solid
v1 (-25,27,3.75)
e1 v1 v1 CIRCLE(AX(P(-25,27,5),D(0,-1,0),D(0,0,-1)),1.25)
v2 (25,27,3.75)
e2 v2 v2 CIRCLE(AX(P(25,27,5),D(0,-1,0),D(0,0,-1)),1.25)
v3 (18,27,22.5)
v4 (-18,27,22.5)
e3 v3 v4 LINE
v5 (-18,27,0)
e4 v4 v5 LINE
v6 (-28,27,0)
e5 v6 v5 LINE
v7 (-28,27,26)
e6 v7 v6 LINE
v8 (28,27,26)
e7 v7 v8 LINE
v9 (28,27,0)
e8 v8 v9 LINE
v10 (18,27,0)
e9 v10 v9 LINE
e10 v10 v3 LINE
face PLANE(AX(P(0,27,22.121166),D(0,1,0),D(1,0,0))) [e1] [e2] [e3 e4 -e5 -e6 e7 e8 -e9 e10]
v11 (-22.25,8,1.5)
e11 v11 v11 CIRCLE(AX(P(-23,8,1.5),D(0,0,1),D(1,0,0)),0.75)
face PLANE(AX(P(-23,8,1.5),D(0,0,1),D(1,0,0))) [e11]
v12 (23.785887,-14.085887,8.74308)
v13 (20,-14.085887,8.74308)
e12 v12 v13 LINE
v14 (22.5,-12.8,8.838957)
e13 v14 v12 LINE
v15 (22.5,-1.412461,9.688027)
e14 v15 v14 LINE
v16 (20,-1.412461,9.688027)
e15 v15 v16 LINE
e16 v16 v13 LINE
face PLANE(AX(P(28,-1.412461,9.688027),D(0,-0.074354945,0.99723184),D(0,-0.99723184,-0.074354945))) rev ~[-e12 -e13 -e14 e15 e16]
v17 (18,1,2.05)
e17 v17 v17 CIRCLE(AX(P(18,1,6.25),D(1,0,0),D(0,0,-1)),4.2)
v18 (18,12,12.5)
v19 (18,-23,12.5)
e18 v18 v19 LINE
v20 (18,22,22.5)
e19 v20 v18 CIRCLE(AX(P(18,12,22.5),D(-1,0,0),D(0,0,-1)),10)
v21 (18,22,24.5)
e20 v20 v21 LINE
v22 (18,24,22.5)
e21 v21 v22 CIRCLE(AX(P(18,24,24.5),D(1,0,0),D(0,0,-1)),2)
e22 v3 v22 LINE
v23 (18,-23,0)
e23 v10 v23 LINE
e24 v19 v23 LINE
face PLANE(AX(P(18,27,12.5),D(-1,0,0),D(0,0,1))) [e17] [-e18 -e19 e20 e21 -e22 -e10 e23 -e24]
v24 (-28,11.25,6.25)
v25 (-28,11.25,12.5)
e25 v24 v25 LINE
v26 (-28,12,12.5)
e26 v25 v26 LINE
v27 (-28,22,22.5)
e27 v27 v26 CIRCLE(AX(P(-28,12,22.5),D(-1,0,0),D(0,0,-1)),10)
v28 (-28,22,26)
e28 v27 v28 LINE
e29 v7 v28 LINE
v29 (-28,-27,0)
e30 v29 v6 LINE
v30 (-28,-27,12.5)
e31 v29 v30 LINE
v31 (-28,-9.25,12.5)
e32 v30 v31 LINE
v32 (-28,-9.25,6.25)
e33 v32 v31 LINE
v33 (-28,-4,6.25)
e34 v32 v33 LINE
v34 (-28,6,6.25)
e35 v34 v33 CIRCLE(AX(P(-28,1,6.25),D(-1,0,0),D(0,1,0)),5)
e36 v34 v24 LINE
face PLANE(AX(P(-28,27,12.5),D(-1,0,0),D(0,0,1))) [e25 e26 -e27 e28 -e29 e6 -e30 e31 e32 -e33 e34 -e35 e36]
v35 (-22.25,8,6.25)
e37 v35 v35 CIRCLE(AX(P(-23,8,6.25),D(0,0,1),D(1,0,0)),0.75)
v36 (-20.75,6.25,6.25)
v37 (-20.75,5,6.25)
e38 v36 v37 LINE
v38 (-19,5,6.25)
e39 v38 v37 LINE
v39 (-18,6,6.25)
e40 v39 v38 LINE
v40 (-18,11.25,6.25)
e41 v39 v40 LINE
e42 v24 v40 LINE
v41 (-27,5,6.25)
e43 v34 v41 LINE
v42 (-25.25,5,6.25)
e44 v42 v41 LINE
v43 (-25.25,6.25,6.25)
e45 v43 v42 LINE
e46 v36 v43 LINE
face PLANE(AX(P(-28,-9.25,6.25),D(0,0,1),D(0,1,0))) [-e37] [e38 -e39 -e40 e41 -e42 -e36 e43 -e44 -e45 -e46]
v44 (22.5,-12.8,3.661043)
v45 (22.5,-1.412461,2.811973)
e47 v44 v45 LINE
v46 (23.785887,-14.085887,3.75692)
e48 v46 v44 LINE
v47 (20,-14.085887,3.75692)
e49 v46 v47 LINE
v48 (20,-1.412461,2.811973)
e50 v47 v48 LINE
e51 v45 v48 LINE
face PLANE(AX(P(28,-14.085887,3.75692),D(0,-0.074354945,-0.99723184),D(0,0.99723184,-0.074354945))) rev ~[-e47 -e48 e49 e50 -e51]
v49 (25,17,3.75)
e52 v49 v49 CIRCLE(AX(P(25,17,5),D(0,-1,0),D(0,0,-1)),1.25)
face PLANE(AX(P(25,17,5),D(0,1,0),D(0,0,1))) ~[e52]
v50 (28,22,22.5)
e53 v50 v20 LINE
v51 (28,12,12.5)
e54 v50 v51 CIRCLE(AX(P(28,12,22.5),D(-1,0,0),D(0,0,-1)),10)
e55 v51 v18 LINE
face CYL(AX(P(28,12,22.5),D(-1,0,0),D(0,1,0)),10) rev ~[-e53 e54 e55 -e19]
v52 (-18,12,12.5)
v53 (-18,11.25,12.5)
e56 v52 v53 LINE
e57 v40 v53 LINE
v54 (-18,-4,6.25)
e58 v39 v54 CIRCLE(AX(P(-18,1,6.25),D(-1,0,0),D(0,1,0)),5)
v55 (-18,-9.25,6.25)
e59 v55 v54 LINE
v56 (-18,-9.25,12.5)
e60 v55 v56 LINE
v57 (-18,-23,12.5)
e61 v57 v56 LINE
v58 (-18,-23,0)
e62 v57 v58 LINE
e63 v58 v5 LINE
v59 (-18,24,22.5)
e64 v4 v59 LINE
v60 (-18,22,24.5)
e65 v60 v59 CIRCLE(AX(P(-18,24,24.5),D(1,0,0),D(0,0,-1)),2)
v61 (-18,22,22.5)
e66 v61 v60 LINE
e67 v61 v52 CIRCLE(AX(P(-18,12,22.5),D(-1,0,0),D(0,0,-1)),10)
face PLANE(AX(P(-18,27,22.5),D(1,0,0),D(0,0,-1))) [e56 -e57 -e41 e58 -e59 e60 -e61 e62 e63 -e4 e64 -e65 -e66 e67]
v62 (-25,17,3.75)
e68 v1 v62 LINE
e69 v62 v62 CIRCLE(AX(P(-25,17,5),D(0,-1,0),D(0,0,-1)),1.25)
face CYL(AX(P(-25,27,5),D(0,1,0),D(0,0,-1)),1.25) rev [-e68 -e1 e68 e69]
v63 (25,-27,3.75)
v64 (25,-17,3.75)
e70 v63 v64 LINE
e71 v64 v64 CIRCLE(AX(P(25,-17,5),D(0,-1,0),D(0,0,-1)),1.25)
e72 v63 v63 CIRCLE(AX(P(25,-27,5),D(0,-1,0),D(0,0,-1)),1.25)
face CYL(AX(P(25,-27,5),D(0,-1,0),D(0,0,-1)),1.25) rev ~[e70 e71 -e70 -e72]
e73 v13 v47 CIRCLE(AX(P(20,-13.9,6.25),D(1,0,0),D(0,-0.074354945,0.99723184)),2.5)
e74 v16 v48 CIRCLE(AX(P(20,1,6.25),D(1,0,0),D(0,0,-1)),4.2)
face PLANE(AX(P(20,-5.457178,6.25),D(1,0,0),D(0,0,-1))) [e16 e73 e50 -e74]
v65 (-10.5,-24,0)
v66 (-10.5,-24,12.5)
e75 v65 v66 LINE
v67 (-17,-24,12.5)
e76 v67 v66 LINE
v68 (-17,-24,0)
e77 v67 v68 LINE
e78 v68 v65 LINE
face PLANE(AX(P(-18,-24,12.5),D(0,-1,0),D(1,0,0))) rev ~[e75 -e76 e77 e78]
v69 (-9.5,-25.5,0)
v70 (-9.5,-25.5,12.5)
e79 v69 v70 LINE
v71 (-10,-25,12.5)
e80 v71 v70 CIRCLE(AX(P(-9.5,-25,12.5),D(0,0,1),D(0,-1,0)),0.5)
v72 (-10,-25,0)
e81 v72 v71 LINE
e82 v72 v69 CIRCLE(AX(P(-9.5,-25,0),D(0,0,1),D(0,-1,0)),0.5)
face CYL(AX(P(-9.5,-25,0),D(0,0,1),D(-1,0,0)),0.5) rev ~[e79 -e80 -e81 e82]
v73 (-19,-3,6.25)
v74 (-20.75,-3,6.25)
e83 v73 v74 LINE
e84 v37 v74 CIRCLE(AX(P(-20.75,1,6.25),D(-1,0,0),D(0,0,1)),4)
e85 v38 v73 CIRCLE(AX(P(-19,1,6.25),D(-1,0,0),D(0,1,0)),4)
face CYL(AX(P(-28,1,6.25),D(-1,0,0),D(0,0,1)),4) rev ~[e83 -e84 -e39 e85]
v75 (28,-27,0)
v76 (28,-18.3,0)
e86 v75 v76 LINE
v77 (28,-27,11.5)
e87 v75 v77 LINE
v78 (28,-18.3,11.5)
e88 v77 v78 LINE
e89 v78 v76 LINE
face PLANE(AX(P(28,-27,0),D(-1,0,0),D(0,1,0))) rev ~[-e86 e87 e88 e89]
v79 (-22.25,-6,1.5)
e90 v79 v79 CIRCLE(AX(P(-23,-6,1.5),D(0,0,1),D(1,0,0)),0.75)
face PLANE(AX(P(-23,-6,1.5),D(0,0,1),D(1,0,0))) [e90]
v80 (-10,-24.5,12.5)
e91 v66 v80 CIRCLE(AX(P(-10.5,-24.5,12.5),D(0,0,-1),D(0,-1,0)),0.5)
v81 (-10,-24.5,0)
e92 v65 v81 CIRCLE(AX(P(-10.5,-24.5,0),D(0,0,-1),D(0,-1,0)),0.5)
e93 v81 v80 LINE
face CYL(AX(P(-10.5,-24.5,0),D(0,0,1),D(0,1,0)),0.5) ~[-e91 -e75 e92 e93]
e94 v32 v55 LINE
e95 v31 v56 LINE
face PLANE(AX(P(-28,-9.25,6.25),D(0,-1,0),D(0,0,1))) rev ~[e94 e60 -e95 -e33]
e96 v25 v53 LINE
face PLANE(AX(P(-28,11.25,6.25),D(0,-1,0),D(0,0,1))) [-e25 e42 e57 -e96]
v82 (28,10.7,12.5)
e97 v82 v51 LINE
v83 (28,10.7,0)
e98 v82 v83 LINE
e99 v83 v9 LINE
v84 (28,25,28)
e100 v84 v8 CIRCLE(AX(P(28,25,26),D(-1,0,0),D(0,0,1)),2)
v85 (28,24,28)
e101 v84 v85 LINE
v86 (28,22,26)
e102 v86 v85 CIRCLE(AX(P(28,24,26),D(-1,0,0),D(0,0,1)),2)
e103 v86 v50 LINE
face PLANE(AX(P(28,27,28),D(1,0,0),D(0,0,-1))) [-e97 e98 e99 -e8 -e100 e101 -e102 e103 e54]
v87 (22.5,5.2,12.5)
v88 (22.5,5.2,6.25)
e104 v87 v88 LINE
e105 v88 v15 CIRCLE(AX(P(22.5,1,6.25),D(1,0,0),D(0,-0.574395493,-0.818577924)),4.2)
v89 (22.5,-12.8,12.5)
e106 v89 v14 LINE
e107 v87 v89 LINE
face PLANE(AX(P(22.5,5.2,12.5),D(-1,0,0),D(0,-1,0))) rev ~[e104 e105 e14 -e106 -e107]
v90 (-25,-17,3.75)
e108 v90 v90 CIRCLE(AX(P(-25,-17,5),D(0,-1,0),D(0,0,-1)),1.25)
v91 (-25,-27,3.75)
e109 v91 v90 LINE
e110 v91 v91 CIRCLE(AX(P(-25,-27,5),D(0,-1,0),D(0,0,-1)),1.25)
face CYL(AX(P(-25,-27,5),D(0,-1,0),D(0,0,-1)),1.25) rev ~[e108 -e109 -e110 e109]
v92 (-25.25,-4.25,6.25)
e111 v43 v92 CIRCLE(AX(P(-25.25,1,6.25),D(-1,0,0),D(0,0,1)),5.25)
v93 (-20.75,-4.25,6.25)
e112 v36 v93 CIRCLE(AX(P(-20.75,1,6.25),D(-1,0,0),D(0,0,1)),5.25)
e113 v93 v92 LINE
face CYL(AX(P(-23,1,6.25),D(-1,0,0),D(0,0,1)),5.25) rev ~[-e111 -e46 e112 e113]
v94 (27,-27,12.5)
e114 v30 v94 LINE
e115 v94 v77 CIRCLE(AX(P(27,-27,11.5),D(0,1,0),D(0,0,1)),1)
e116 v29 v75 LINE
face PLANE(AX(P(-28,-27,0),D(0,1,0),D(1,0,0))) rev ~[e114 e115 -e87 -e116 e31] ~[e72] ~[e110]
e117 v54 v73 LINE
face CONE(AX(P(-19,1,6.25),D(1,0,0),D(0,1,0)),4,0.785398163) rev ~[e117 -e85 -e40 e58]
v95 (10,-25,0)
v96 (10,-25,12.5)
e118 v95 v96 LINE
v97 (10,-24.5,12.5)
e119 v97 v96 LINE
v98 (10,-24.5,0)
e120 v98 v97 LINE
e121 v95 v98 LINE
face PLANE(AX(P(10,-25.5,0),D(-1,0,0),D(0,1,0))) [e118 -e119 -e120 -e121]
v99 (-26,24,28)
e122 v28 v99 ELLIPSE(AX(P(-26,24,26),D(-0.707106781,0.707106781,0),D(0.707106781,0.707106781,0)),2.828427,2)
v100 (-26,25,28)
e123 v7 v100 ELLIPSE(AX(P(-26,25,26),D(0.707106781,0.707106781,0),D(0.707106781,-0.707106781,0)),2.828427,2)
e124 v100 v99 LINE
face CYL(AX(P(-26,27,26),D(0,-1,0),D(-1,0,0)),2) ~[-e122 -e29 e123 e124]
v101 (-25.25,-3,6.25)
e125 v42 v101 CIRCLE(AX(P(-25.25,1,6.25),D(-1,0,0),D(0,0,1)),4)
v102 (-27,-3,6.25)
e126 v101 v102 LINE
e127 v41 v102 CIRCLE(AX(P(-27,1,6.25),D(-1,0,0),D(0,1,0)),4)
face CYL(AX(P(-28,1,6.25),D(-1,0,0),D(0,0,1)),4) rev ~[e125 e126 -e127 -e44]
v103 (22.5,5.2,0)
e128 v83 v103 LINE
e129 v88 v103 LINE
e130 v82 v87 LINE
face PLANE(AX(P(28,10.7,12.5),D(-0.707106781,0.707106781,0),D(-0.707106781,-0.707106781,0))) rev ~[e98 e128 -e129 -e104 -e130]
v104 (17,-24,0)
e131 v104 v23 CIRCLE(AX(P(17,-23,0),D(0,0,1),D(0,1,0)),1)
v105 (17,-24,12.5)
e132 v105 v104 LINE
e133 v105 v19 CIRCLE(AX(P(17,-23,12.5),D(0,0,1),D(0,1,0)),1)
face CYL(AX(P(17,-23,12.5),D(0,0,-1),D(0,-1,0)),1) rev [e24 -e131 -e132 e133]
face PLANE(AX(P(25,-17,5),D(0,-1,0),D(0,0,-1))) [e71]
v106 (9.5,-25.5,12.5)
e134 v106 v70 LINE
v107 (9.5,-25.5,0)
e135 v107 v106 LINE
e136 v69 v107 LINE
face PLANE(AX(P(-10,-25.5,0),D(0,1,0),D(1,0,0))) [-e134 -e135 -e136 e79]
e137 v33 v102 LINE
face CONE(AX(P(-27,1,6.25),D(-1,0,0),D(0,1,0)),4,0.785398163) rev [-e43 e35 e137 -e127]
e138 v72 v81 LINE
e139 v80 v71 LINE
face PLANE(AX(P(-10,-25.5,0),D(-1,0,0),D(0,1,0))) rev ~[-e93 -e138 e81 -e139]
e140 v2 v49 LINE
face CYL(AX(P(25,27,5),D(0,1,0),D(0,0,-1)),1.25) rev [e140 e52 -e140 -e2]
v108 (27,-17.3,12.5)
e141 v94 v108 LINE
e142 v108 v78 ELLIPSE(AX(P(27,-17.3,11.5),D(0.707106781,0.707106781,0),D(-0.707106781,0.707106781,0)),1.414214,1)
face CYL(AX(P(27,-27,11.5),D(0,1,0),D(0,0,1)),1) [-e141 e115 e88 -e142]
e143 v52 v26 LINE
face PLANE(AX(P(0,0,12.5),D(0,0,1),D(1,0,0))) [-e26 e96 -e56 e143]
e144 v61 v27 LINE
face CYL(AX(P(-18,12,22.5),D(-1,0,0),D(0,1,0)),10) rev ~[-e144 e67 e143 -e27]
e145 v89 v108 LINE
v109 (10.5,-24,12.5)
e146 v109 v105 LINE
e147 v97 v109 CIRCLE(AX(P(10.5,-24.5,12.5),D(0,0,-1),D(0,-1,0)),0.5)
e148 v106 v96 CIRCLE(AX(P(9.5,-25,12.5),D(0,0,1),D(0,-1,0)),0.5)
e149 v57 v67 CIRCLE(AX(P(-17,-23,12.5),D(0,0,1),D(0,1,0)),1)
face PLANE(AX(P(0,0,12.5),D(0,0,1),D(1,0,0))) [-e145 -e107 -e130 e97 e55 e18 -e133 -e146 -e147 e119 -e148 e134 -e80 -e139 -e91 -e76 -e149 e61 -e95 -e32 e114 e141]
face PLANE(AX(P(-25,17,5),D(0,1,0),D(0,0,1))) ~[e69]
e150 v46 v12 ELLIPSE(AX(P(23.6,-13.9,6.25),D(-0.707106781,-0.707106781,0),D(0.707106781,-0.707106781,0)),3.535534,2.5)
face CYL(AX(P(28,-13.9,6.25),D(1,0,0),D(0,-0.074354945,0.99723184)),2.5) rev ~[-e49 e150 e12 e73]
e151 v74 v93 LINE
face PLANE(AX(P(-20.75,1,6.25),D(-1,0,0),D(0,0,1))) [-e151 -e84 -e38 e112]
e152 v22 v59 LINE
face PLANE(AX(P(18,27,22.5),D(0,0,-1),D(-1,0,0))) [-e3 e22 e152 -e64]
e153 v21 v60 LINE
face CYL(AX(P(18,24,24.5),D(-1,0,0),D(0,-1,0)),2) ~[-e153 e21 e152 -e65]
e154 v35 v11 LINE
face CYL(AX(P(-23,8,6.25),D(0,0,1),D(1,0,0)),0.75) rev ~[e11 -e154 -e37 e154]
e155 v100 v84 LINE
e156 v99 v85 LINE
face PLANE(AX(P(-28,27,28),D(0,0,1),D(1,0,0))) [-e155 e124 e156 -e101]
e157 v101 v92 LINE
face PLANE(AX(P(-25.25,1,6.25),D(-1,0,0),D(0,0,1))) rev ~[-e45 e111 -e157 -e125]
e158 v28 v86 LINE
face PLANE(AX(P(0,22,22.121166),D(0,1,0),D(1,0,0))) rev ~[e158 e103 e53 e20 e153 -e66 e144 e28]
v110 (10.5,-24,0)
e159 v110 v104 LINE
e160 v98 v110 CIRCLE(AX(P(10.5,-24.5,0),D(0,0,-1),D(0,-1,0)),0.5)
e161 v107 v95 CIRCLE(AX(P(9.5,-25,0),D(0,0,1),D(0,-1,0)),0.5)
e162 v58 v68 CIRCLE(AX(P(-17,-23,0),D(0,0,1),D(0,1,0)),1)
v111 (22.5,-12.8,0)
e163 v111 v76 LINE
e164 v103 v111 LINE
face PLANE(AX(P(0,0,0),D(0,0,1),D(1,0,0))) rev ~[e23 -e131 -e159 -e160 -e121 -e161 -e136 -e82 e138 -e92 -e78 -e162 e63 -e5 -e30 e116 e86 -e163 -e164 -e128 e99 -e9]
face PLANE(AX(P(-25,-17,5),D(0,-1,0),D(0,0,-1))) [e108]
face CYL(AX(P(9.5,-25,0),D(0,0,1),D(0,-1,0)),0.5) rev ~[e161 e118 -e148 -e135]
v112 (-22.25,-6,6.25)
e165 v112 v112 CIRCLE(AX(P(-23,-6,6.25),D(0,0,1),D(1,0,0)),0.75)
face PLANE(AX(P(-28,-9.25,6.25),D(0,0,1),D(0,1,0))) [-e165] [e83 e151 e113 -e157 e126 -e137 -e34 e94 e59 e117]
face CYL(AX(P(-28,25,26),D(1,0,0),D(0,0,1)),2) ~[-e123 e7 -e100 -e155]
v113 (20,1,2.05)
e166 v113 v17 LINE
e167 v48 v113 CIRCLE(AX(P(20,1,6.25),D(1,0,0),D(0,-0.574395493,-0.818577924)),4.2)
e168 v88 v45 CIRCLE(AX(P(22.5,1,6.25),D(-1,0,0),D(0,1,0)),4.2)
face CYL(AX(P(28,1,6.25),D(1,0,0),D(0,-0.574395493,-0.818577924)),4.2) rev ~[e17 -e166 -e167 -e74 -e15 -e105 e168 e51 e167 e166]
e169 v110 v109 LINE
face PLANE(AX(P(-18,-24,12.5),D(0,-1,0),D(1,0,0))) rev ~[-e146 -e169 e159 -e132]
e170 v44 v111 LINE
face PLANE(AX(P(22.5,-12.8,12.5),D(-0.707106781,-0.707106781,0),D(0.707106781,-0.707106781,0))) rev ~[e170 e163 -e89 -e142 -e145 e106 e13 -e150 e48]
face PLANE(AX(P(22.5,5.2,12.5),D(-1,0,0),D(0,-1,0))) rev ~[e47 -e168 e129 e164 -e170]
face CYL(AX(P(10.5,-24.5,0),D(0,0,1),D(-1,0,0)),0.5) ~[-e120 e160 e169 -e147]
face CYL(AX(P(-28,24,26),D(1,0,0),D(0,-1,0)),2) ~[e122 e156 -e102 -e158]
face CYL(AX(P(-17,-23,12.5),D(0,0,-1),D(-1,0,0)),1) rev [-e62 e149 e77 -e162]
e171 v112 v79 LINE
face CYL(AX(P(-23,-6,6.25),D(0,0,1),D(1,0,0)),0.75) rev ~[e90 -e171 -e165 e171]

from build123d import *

# Parameters (mm, degrees)
SKETCH_1_W             = 56
SKETCH_1_H             = 54
EXTRUDE_492_DEPTH      = 12.5
SKETCH_3_W             = 36
SKETCH_3_H             = 46
CUT_EXTRUDE_735_DEPTH  = 41.856456038
SKETCH_11_R            = 1.25
CUT_EXTRUDE_988_DEPTH  = 10
CUT_EXTRUDE_1455_DEPTH = 8
CUT_EXTRUDE_1797_REACH = 65.413
SKETCH_4_R             = 4.2
SKETCH_6_R             = 4
CUT_EXTRUDE_1934_DEPTH = 10
SKETCH_7_W             = 6.25
SKETCH_7_H             = 20.5
CUT_EXTRUDE_2133_DEPTH = 10
SKETCH_8_R             = 5.25
CUT_EXTRUDE_2310_DEPTH = 2.25
SKETCH_9_R             = 0.75
CUT_EXTRUDE_2668_DEPTH = 4.75
CUT_EXTRUDE_3065_DEPTH = 41.856456038
CHAMFER_1_SIZE         = 1
FILLET_1_R             = 1
SKETCH_12_W            = 20
SKETCH_12_H            = 1.5
CUT_EXTRUDE_3477_DEPTH = 41.856456038
FILLET_2_R             = 0.5
CUT_EXTRUDE_4202_REACH = 42.856
SKETCH_13_W            = 36
SKETCH_13_H            = 5
EXTRUDE_4562_DEPTH     = 5
FILLET_3_R             = 10
FILLET_4_R             = 2
FILLET_6_R             = 1


with BuildPart() as part:
    # Эскиз1 → Extrude 492 (new body)
    with BuildSketch(Plane.XY):
        Rectangle(SKETCH_1_W, SKETCH_1_H)
    extrude(amount=EXTRUDE_492_DEPTH)

    # Эскиз3 → Cut-Extrude 735 (cut, through all)
    with BuildSketch(Plane.XY.offset(12.5)):
        with Locations((0, -1)):
            Rectangle(SKETCH_3_W, SKETCH_3_H)
    extrude(amount=-CUT_EXTRUDE_735_DEPTH, mode=Mode.SUBTRACT)

    # Эскиз11 → Cut-Extrude 988 (cut)
    with BuildSketch(Plane.XZ.offset(27)):
        with Locations(Location((-25, 5, 0), (0, 0, 270))):
            Circle(SKETCH_11_R)
        with Locations(Location((25, 5, 0), (0, 0, 270))):
            Circle(SKETCH_11_R)
    cut_extrude_988 = extrude(amount=-CUT_EXTRUDE_988_DEPTH, mode=Mode.SUBTRACT)

    # Mirror 1032: Cut-Extrude 988 across plane
    add(cut_extrude_988.mirror(Plane.ZX), mode=Mode.SUBTRACT)

    # Эскиз5 → Cut-Extrude 1455 (cut)
    with BuildSketch(Plane(origin=(28, 0, 0), x_dir=(0, 0, -1), z_dir=(1, 0, 0))):
        with BuildLine():
            Line((-9.688027281, -1.412461071), (-8.743079599, -14.085887362))
            ThreePointArc((-8.743079599, -14.085887362), (-6.25, -16.4), (-3.756920401, -14.085887362))
            Line((-3.756920401, -14.085887362), (-2.811972719, -1.412461071))
            ThreePointArc((-2.811972719, -1.412461071), (-6.25, 5.2), (-9.688027281, -1.412461071))
        make_face()
    extrude(amount=-CUT_EXTRUDE_1455_DEPTH, mode=Mode.SUBTRACT)

    # Эскиз4 → Cut-Extrude 1797 (cut, up to next)
    with BuildSketch(Plane(origin=(28, 0, 0), x_dir=(0, 0, -1), z_dir=(1, 0, 0)), mode=Mode.PRIVATE) as cut_extrude_1797_sk1:
        with Locations((-6.25, 1)):
            Circle(SKETCH_4_R)
    cut_extrude_1797_tool1 = extrude(cut_extrude_1797_sk1.sketch, amount=-CUT_EXTRUDE_1797_REACH, mode=Mode.PRIVATE) & part.part
    add(cut_extrude_1797_tool1.solids().sort_by_distance((28, 1, 6.25))[0], mode=Mode.SUBTRACT)

    # Эскиз6 → Cut-Extrude 1934 (cut)
    with BuildSketch(Plane.ZY.offset(28)):
        with Locations((6.25, 1)):
            Circle(SKETCH_6_R)
    extrude(amount=-CUT_EXTRUDE_1934_DEPTH, mode=Mode.SUBTRACT)

    # Эскиз7 → Cut-Extrude 2133 (cut)
    with BuildSketch(Plane.ZY.offset(28)):
        with Locations((9.375, 1)):
            Rectangle(SKETCH_7_W, SKETCH_7_H)
    extrude(amount=-CUT_EXTRUDE_2133_DEPTH, mode=Mode.SUBTRACT)

    # Эскиз8 → Cut-Extrude 2310 (cut, symmetric)
    with BuildSketch(Plane.ZY.offset(23)):
        with Locations((6.25, 1)):
            Circle(SKETCH_8_R)
    extrude(amount=CUT_EXTRUDE_2310_DEPTH, both=True, mode=Mode.SUBTRACT)

    # Эскиз9 → Cut-Extrude 2668 (cut)
    with BuildSketch(Plane.XY.offset(6.25)):
        with Locations((-23, 8)):
            Circle(SKETCH_9_R)
        with Locations((-23, -6)):
            Circle(SKETCH_9_R)
    extrude(amount=-CUT_EXTRUDE_2668_DEPTH, mode=Mode.SUBTRACT)

    # Эскиз10 → Cut-Extrude 3065 (cut, through all)
    with BuildSketch(Plane.XY.offset(12.5)):
        Polygon((28, -18.3), (28, 10.7), (22.5, 5.2), (22.5, -12.8), align=None)
    extrude(amount=-CUT_EXTRUDE_3065_DEPTH, mode=Mode.SUBTRACT)

    # Фаска1
    chamfer_1_edges = [part.edges().sort_by_distance(p)[0] for p in [
        (-28, 1, 2.25),
        (-18, 1, 2.25),
    ]]
    chamfer(chamfer_1_edges, length=CHAMFER_1_SIZE)

    # Скругление1
    fillet_1_edges = [part.edges().sort_by_distance(p)[0] for p in [
        (18, -24, 6.25),
        (-18, -24, 6.25),
    ]]
    fillet(fillet_1_edges, radius=FILLET_1_R)

    # Эскиз12 → Cut-Extrude 3477 (cut, through all)
    with BuildSketch(Plane.XY):
        with Locations((0, -24.75)):
            Rectangle(SKETCH_12_W, SKETCH_12_H)
    extrude(amount=CUT_EXTRUDE_3477_DEPTH, mode=Mode.SUBTRACT)

    # Скругление2
    fillet_2_edges = [part.edges().sort_by_distance(p)[0] for p in [
        (-10, -24, 6.25),
        (-10, -25.5, 6.25),
        (10, -25.5, 6.25),
        (10, -24, 6.25),
    ]]
    fillet(fillet_2_edges, radius=FILLET_2_R)

    # Эскиз13 → Cut-Extrude 4202 (cut, up to next)
    with BuildSketch(Plane.XY.offset(12.5), mode=Mode.PRIVATE) as cut_extrude_4202_sk1:
        with Locations((0, 24.5)):
            Rectangle(SKETCH_13_W, SKETCH_13_H)
    cut_extrude_4202_tool1 = extrude(cut_extrude_4202_sk1.sketch, amount=-CUT_EXTRUDE_4202_REACH, mode=Mode.PRIVATE) & part.part
    add(cut_extrude_4202_tool1.solids().sort_by_distance((0, 24.5, 12.5))[0], mode=Mode.SUBTRACT)

    # Эскиз14 → Extrude 4562 (add)
    with BuildSketch(Plane(origin=(0, 27, 0), x_dir=(1, 0, 0), z_dir=(0, 1, 0))):
        Polygon((-28, -12.5), (-28, -28), (28, -28), (28, -12.5), (18, -12.5), (18, -22.5), (-18, -22.5), (-18, -12.5), align=None)
    extrude(amount=-EXTRUDE_4562_DEPTH)

    # Скругление3
    fillet_3_edges = [part.edges().sort_by_distance(p)[0] for p in [
        (23, 22, 12.5),
        (-23, 22, 12.5),
    ]]
    fillet(fillet_3_edges, radius=FILLET_3_R)

    # Скругление4
    fillet_4_edges = [part.edges().sort_by_distance(p)[0] for p in [
        (0, 22, 22.5),
        (0, 22, 28),
        (-28, 24.5, 28),
        (0, 27, 28),
    ]]
    fillet(fillet_4_edges, radius=FILLET_4_R)

    # Скругление6
    fillet_6_edges = [part.edges().sort_by_distance(p)[0] for p in [
        (28, -22.65, 12.5),
    ]]
    fillet(fillet_6_edges, radius=FILLET_6_R)


solid = part.part
